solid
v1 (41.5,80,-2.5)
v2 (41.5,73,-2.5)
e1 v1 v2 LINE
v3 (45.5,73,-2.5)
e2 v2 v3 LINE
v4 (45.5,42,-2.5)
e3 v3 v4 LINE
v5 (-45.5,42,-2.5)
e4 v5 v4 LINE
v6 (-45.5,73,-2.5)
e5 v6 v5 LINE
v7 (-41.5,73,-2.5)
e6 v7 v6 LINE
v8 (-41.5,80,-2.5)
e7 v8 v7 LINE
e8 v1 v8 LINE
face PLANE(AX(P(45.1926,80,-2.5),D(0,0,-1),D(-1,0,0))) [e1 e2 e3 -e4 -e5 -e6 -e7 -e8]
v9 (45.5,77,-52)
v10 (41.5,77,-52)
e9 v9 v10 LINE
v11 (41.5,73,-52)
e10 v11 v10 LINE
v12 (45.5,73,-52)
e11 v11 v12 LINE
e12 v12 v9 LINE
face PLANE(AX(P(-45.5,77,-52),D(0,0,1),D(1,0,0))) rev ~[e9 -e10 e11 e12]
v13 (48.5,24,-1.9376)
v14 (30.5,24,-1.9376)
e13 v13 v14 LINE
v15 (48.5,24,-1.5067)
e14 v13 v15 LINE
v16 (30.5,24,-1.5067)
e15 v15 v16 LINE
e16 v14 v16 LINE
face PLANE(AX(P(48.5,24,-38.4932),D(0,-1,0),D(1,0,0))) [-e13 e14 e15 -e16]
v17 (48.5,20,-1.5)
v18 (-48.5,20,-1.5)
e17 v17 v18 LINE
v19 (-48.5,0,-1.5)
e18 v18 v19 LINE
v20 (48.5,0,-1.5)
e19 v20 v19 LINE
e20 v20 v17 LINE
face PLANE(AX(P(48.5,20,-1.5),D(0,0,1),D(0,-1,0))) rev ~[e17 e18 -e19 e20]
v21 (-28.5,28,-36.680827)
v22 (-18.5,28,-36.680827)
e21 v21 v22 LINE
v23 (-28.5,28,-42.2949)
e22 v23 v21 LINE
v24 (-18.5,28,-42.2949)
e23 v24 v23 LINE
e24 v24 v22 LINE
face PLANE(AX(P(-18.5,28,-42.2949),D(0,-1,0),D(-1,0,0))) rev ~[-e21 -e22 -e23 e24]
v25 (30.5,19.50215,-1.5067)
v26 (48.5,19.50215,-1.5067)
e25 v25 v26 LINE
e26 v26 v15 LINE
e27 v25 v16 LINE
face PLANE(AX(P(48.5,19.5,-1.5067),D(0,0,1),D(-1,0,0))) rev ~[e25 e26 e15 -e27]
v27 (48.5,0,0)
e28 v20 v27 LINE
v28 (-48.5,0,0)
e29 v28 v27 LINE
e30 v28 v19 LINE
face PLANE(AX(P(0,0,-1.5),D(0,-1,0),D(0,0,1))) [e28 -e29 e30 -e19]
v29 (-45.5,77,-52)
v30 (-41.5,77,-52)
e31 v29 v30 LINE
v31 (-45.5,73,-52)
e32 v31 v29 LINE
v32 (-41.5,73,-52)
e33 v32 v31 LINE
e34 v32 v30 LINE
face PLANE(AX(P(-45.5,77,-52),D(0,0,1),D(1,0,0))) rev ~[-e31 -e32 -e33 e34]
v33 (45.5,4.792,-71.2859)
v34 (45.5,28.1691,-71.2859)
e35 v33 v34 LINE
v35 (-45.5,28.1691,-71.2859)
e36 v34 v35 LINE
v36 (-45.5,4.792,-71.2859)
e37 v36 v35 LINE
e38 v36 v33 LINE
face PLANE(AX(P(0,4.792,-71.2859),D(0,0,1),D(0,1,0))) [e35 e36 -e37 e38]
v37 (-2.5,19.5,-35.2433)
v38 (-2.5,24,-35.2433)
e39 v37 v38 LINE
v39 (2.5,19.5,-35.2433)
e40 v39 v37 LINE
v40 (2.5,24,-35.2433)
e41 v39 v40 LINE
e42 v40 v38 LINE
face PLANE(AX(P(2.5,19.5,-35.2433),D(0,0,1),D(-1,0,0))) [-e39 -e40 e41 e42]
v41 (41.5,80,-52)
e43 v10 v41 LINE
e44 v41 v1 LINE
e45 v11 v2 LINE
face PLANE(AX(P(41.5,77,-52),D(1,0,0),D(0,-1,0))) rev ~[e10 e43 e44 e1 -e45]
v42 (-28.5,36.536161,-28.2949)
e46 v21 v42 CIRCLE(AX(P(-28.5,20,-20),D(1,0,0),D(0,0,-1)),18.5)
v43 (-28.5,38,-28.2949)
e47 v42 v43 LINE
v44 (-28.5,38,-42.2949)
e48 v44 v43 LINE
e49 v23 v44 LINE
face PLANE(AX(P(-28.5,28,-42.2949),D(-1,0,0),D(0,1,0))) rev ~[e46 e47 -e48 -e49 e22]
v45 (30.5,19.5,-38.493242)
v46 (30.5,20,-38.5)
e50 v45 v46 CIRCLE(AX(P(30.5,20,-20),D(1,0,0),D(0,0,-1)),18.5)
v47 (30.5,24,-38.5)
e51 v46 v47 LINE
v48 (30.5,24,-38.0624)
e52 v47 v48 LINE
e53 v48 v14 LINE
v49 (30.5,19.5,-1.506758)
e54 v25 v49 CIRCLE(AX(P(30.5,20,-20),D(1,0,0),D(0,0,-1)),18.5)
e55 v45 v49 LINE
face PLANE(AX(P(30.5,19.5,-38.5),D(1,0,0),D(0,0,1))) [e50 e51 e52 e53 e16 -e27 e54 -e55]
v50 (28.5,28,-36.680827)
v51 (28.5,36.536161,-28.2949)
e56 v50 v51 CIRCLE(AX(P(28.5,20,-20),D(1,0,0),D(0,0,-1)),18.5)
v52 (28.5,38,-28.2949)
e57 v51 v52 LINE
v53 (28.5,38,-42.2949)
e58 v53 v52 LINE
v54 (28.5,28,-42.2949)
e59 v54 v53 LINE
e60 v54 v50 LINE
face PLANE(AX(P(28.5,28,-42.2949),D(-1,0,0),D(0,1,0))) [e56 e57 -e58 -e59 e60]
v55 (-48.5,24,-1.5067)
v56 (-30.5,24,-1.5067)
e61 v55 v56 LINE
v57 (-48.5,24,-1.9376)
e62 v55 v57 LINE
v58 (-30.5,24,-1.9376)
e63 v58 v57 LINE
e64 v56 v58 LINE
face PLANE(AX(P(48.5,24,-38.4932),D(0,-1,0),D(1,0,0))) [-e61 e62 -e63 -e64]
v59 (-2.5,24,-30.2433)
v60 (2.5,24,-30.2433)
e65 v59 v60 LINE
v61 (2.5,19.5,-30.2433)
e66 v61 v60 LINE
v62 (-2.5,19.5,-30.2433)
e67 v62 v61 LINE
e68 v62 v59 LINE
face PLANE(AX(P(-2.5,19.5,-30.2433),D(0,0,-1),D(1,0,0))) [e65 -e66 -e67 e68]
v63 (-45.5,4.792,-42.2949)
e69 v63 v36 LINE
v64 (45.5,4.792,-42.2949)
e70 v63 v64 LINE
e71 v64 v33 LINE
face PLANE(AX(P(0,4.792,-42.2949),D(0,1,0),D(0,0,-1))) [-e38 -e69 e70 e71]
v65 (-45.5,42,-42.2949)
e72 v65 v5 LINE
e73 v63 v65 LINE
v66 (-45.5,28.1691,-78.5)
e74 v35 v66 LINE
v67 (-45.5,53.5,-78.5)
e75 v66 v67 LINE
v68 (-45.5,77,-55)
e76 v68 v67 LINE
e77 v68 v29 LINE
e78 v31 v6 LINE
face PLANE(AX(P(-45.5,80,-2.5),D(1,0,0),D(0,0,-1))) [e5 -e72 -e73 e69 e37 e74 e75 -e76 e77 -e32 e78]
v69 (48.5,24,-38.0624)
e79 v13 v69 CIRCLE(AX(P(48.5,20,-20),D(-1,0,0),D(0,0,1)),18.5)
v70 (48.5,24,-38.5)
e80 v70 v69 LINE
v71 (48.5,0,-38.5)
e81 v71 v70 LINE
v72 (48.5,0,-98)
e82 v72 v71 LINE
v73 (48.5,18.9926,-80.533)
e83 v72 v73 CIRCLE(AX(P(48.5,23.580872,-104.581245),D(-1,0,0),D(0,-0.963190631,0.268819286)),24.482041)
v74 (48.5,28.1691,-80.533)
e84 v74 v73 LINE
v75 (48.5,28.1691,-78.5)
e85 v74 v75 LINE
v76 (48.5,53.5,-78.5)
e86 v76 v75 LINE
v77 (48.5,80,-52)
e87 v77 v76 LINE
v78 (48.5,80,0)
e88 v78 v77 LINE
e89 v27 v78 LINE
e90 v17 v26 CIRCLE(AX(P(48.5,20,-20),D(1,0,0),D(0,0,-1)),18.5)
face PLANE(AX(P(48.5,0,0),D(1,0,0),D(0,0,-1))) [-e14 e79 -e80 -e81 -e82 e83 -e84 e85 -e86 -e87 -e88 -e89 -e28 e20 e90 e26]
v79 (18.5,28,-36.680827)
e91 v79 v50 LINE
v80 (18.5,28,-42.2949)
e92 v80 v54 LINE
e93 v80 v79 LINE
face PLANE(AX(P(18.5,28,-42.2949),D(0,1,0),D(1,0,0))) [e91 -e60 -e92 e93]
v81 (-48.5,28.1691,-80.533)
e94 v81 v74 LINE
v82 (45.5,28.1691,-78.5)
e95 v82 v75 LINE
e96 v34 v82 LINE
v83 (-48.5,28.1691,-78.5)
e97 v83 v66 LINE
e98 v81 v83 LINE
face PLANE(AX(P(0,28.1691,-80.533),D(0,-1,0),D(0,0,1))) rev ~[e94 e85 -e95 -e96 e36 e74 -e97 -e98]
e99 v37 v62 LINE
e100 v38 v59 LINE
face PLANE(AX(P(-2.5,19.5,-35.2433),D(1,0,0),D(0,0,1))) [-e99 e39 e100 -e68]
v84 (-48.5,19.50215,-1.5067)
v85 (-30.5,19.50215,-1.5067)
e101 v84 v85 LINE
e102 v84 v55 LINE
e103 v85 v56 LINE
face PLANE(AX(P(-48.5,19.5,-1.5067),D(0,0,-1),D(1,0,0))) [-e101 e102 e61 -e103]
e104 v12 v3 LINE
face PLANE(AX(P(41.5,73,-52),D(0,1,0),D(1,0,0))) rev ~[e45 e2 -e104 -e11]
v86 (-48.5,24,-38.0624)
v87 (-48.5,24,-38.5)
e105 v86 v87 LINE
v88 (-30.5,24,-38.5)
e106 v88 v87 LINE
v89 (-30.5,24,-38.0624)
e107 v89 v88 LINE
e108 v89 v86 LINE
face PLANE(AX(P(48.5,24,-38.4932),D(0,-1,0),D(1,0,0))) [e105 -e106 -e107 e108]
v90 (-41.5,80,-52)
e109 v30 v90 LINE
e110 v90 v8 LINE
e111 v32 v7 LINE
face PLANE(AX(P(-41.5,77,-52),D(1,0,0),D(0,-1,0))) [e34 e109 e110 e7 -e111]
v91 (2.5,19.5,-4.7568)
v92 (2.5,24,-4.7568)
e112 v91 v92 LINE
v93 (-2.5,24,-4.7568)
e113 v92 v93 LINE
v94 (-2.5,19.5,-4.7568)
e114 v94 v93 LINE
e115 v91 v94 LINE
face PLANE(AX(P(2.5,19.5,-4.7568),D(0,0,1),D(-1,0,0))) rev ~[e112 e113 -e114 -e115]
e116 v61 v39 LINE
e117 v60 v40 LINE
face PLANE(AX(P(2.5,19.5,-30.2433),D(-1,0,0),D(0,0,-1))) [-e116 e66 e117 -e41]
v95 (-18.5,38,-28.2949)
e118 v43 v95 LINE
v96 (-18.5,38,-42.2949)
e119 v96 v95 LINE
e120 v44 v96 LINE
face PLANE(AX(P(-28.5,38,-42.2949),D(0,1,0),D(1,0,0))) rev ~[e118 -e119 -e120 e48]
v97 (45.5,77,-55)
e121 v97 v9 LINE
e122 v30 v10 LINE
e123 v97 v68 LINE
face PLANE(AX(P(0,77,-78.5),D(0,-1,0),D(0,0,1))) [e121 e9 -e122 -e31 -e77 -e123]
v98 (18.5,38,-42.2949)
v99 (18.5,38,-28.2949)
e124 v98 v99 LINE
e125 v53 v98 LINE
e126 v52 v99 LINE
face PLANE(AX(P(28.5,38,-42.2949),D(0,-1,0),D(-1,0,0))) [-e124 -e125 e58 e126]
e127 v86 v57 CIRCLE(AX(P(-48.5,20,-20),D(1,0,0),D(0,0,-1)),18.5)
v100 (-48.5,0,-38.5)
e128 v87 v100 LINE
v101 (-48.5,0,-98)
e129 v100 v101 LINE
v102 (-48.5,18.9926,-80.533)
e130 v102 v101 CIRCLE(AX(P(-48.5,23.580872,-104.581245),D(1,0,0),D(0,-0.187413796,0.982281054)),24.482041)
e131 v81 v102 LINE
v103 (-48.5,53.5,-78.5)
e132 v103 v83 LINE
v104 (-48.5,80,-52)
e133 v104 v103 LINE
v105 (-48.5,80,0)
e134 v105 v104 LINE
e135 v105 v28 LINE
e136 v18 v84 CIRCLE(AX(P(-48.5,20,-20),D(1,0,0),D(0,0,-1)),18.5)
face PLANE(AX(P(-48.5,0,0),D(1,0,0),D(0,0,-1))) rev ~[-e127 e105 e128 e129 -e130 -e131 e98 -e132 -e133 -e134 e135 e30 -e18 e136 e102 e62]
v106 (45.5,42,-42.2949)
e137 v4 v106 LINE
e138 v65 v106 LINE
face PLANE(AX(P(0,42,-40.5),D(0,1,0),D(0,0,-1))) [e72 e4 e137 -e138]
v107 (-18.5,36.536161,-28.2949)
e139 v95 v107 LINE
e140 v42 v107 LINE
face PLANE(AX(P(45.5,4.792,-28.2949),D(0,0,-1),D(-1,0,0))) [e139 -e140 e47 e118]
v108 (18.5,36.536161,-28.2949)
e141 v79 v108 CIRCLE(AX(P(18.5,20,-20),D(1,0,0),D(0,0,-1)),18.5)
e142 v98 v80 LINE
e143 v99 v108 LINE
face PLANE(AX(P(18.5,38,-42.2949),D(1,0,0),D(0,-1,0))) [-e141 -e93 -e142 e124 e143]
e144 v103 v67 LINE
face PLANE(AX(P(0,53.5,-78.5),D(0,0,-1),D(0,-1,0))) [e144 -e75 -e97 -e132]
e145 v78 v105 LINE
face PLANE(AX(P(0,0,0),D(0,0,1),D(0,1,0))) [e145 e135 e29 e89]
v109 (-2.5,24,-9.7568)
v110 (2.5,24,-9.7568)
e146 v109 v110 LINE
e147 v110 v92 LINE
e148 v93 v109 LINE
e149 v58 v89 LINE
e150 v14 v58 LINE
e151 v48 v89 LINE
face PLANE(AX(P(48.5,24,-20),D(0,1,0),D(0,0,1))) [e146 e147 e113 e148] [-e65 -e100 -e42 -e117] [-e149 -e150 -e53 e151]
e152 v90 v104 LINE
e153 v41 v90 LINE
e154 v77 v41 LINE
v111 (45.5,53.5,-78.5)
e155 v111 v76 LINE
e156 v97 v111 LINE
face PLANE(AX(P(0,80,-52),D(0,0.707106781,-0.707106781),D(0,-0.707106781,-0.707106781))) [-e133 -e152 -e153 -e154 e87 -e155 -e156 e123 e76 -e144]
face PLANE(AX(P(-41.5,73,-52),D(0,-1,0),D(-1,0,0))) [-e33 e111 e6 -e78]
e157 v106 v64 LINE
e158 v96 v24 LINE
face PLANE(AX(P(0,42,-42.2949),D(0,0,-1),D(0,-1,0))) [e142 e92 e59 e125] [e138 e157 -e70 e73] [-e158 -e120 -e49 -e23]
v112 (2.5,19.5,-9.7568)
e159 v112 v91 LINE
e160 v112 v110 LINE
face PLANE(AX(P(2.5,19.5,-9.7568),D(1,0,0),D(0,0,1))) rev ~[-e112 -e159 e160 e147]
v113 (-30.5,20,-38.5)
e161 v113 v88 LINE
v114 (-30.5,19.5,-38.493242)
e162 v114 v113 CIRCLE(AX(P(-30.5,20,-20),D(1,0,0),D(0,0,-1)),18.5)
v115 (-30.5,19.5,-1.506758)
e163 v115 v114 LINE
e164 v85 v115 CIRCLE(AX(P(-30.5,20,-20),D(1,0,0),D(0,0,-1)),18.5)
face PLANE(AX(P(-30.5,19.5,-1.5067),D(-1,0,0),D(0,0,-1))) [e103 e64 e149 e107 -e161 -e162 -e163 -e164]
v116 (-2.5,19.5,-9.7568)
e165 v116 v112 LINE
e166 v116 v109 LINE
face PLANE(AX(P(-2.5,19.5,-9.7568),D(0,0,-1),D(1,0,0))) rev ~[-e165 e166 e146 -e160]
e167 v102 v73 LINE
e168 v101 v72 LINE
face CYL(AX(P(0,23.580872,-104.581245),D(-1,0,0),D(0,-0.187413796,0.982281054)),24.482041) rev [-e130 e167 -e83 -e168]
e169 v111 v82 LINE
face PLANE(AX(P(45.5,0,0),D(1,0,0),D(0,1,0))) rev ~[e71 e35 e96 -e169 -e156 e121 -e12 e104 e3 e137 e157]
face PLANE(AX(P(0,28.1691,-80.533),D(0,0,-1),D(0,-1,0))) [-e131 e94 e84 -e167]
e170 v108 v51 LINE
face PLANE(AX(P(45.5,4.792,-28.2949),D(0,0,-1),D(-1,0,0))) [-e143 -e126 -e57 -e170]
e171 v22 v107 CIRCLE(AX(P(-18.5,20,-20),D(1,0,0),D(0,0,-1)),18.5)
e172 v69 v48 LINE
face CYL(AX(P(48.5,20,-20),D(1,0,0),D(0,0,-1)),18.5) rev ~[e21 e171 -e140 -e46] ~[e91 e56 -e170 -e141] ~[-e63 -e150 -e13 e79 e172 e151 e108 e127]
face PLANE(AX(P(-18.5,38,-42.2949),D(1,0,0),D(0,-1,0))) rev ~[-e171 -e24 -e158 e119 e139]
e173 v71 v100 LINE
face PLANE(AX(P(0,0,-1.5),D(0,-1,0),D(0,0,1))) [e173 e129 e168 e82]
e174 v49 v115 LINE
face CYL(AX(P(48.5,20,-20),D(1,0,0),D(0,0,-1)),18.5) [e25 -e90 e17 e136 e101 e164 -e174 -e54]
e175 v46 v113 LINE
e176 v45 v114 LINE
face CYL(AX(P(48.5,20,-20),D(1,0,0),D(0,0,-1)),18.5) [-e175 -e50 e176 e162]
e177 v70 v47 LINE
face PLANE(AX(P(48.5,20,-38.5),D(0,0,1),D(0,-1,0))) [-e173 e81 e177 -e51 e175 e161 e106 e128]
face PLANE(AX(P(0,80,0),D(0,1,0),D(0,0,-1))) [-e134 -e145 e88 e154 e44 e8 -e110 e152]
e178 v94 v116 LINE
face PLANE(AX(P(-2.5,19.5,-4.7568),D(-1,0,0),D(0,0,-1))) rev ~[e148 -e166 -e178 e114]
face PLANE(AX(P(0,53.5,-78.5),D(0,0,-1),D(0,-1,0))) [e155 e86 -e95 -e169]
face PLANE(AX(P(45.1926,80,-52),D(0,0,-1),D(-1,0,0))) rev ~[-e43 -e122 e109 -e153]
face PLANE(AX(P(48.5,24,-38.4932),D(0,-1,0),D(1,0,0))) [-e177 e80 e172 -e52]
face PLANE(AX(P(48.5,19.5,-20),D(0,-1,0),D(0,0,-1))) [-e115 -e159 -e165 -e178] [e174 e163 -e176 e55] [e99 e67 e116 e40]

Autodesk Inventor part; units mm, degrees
ref_plane "YZ Plane" through (0, 0, 0) normal (1, 0, 0) x (0, 1, 0)
ref_plane "XZ Plane" through (0, 0, 0) normal (0, 1, 0) x (-1, 0, 0)
ref_plane "XY Plane" through (0, 0, 0) normal (0, 0, 1) x (1, 0, 0)
sketch "Esboço1" plane through (0, 0, 0) normal (1, 0, 0) x (0, 1, 0)
  line L0 (0, 0) -> (80, 0)
  line L1 (80, 0) -> (80, -52)
  line L2 (80, -97) -> (0, -97)
  line L3 (0, -97) -> (0, 0)
  line L4 (80, 0) -> (0, 0)
  line L5 (0, 0) -> (0, -60)
  line L6 (80, -60) -> (80, 0)
  line L7 (0, 0) -> (0, -19.5)
  line L8 (19.5, 0) -> (0, 0)
  line L9 (0, -98) -> (0, -97)
  line L10 (0, -97) -> (40, -97)
  line L11 (0, 0) -> (0, -20)
  line L12 (80, 0) -> (80, -52)
  line L13 (80, -52) -> (0, -52)
  line L14 (0, -52) -> (0, -97)
  line L15 (0, -97) -> (80, -97)
  line L16 (80, -97) -> (80, -52)
  line L17 (0, -74.5) -> (0, -97)
  line L18 (0, -97) -> (80, -97)
  line L19 (80, -97) -> (80, -74.5)
  line L20 (80, -52) -> (80, -78.5)
  line L21 (53.5, -78.5) -> (28.1691, -78.5)
  line L22 (80, -52) -> (53.5, -78.5)
  arc A0 (0.0257, -97) -> (0, -98) centre (19.5, -98) ccw
  line L23 (80, -52) -> (80, -54)
  line L24 (80, -54) -> (53.5, -80.533)
  line L25 (53.5, -80.533) -> (28.1691, -80.533)
  line L26 (28.1691, -80.533) -> (28.1691, -78.5)
  arc A1 (18.9926, -80.533) -> (0, -98) centre (23.5809, -104.5813) ccw
  line L27 (28.1691, -80.533) -> (18.9926, -80.533)
  circle A2 centre (20, -20) radius 18.5
  line L28 (20, -38.5) -> (0, -38.5)
  line L29 (20, -1.5) -> (0, -1.5)
  point P0 (0, -78.5)
  point P1 (80, -78.5)
  point P2 (0.3022, -97)
  dimension "d0" = 80
  dimension "d1" = 97
  dimension "d6" = 20
  dimension "d13" = 52
  dimension "d14" = 26.5
  dimension "d15" = 26.5
  dimension "d16" = 26.5
  dimension "d17" = 19.5
  dimension "d19" = 2
  dimension "d20" = 37.5
  dimension "d75" = 37
sketch "Esboço2" plane through (0, 0, 0) normal (1, 0, 0) x (0, 1, 0)
  point P0 (0, 0)
extrude "Extrusão1" add sketch "Esboço1" along normal mid plane 97 contours L0 L1 L13 L3 L28 A2 L29 | L29 A2 L28 L3 | A2 | L22 L21 L26 L27 A1 L2 L3 L13 | L2 A0 L9 | A1 A0 L2
sketch "Esboço3" plane through (0, 0, 0) normal (1, 0, 0) x (0, 1, 0)
  line L0 (0, 0) -> (80, 0) projected
  line L1 (80, 0) -> (80, -2.5)
  line L2 (80, 0) -> (80, -52) projected
  line L3 (80, -2.5) -> (80, -5)
  line L4 (80, -2.5) -> (77, -2.5)
  line L5 (53.5, -78.5) -> (28.1691, -78.5) projected
  line L6 (77, -2.5) -> (42, -2.5)
  line L7 (42, -2.5) -> (42, -78.5)
  line L8 (42, -78.5) -> (77, -78.5)
  line L9 (77, -78.5) -> (77, -2.5)
  line L10 (28.1691, -78.5) -> (31.1691, -78.5)
  line L11 (28.1691, -78.5) -> (42, -78.5)
  line L12 (42, -78.5) -> (42, -40.5)
  line L13 (28.1691, -78.5) -> (42, -78.5)
  line L14 (42, -78.5) -> (42, -42.2949)
  line L15 (42, -42.2949) -> (28.1691, -42.2949)
  line L16 (28.1691, -42.2949) -> (28.1691, -78.5)
  line L17 (28.1691, -42.2949) -> (4.792, -42.2949)
  line L18 (4.792, -42.2949) -> (4.792, -71.2859)
  line L19 (4.792, -71.2859) -> (28.1691, -71.2859)
  point P0 (20, 0)
  dimension "d27" = 2.5
  dimension "d28" = 2.5
  dimension "d29" = 3
  dimension "d30" = 35
extrude "Extrusão2" cut sketch "Esboço3" along normal mid plane 91
sketch "Esboço4" plane through (-48.5, 80, 0) normal (0, 1, 0) x (1, 0, 0)
  line L0 (0, 0) -> (0, 52) projected
  line L1 (0, 0) -> (97, 0) projected
  line L2 (3, 2.5) -> (3, 55) projected
  line L3 (94, 2.5) -> (3, 2.5) projected
  line L4 (3, 2.5) -> (93.6926, 2.5)
  line L5 (93.6926, 2.5) -> (93.6926, 52)
  line L6 (93.6926, 52) -> (3, 52)
  line L7 (3, 52) -> (3, 2.5)
  point P0 (48.5, 0)
extrude "Extrusão3" cut sketch "Esboço4" against normal blind 8.5
sketch "Esboço5" plane through (-45.5, 77, -52) normal (0, 0, 1) x (1, 0, 0)
  line L0 (91, 0) -> (0, 0) projected
  line L1 (0, 0) -> (4, 0)
  line L2 (4, 0) -> (4, -4)
  line L3 (4, -4) -> (0, -4)
  line L4 (0, -4) -> (0, 0)
  line L5 (91, -23.5) -> (91, 0) projected
  line L6 (91, 0) -> (87, 0)
  line L7 (87, 0) -> (87, -4)
  line L8 (87, -4) -> (91, -4)
  line L9 (91, -4) -> (91, 0)
  line L10 (0, 3) -> (0, 0) projected
  line L11 (0, 3) -> (4, 3)
  line L12 (4, 3) -> (4, 0)
  line L13 (4, 0) -> (0, 0)
  line L14 (0, 0) -> (0, 3)
  line L15 (87, 3) -> (91, 3)
  line L16 (91, 3) -> (91, 0)
  line L17 (91, 0) -> (87, 0)
  line L18 (87, 0) -> (87, 3)
  point P0 (45.5, -77)
  point P1 (91, -4)
  dimension "d38" = 4
  dimension "d39" = 4
  dimension "d40" = 4
extrude "Extrusão4" add sketch "Esboço5" along normal blind 49.5
sketch "Esboço6" plane through (45.5, 4.792, -42.2949) normal (0, 0, -1) x (-1, 0, 0)
  line L0 (0, 37.208) -> (0, 33.208)
  line L1 (17, 33.208) -> (27, 33.208)
  line L2 (27, 33.208) -> (27, 23.208)
  line L3 (27, 23.208) -> (17, 23.208)
  line L4 (17, 23.208) -> (17, 33.208)
  line L5 (0, 37.208) -> (91, 37.208) projected
  line L6 (91, 37.208) -> (87, 37.208)
  line L7 (-3, 35.208) -> (94, 35.208) projected
  line L8 (91, 37.208) -> (91, 33.208)
  line L9 (74, 33.208) -> (64, 33.208)
  line L10 (64, 33.208) -> (64, 23.208)
  line L11 (64, 23.208) -> (74, 23.208)
  line L12 (74, 23.208) -> (74, 33.208)
  line L13 (91, 33.208) -> (74, 33.208)
  point P0 (45.5, -4.792)
  dimension "d43" = 4
  dimension "d44" = 17
  dimension "d45" = 10
  dimension "d46" = 10
  dimension "d52" = 10
  dimension "d53" = 10
  dimension "d54" = 17
extrude "Extrusão5" cut sketch "Esboço6" against normal blind 14 contours L12 L11 L10 L9 | L1 L2 L3 L4
sketch "Esboço9" plane through (48.5, 0, 0) normal (1, 0, 0) x (0, 0, -1)
  circle A0 centre (20, 20) radius 18.5
  line L0 (1.5, 20) -> (1.5, 0)
  line L1 (98, 0) -> (0, 0) projected
  line L2 (38.5, 20) -> (38.5, 0)
  line L3 (20, 24) -> (1.9376, 24)
  line L4 (20, 24) -> (38.0624, 24)
  line L5 (20, 19.5) -> (38.5, 19.5)
  line L6 (20, 19.5) -> (1.5, 19.5)
  point P0 (38.5, 0)
  point P1 (1.5068, 19.5)
  point P2 (38.4932, 19.5)
  dimension "d76" = 37
  dimension "d81" = 4.5
extrude "Extrusão7" cut sketch "Esboço9" against normal blind 97
extrude "Extrusão8" add sketch "Esboço9" against normal blind 97 contours A0 L5 L6 L3 L4
sketch "Esboço10" plane through (48.5, 19.5, -38.4932) normal (0, -1, 0) x (1, 0, 0)
  line L0 (-97, 0) -> (-97, 36.9865) projected
  line L1 (0, -13.5068) -> (0, 38.4932) projected
  line L2 (0, 0.4309) -> (0, 36.5556) projected
  line L3 (0, -0.0068) -> (-97, -0.0068) projected
  line L4 (-97, 36.9865) -> (-79, 36.9865)
  line L5 (-79, 36.9865) -> (-79, -0.0068)
  line L6 (-79, -0.0068) -> (-97, -0.0068)
  line L7 (-97, -0.0068) -> (-97, 36.9865)
  line L8 (0, 36.9865) -> (-97, 36.9865) projected
  line L9 (-18, 36.9865) -> (0, 36.9865)
  line L10 (0, 36.9865) -> (0, -0.0068)
  line L11 (0, -0.0068) -> (-18, -0.0068)
  line L12 (-18, -0.0068) -> (-18, 36.9865)
  point P0 (-48.5, 38.4932)
extrude "Extrusão9" cut sketch "Esboço10" against normal blind 4.5 contours L0 L4 L5 L3 L7 | L8 L1 L3 L12
sketch "Esboço11" plane through (-30.5, 19.5, -1.5068) normal (0, -1, 0) x (1, 0, 0)
  line L0 (0, 0) -> (0, -36.9865) projected
  line L1 (0, -36.9865) -> (0, -28.7365)
  line L2 (-18, 0) -> (0, 0) projected
  line L3 (0, 0) -> (0, -8.25)
  line L4 (0, -28.7365) -> (0, -8.25)
  line L5 (61, 0) -> (61, -8.25)
  line L6 (61, -36.9865) -> (61, 0) projected
  line L7 (61, -36.9865) -> (61, -28.7365)
  line L8 (61, -28.7365) -> (61, -8.25)
  line L9 (61, -18.4932) -> (33, -18.4932)
  line L10 (33, -18.4932) -> (37, -18.4932)
  line L11 (61, -18.4932) -> (57, -18.4932)
  line L12 (37, -8.25) -> (47, -8.25)
  line L13 (47, -8.25) -> (47, -28.7365)
  line L14 (47, -28.7365) -> (37, -28.7365)
  line L15 (37, -28.7365) -> (37, -8.25)
  line L16 (38, -18.4932) -> (34, -18.4932)
  line L17 (24, -8.25) -> (14, -8.25)
  line L18 (14, -8.25) -> (14, -28.7365)
  line L19 (14, -28.7365) -> (24, -28.7365)
  line L20 (24, -28.7365) -> (24, -8.25)
  line L21 (24, -18.4932) -> (28, -18.4932)
  line L22 (24, -18.4932) -> (0, -18.4932)
  line L23 (28, -8.25) -> (33, -8.25)
  line L24 (33, -8.25) -> (33, -3.25)
  line L25 (33, -3.25) -> (28, -3.25)
  line L26 (28, -3.25) -> (28, -8.25)
  line L27 (28, -28.7365) -> (33, -28.7365)
  line L28 (33, -28.7365) -> (33, -33.7365)
  line L29 (33, -33.7365) -> (28, -33.7365)
  line L30 (28, -33.7365) -> (28, -28.7365)
  point P0 (30.5, 1.5068)
  dimension "d91" = 8.25
  dimension "d92" = 8.25
  dimension "d96" = 28
  dimension "d100" = 4
  dimension "d101" = 4
  dimension "d102" = 4
  dimension "d105" = 5
  dimension "d106" = 5
  dimension "d107" = 5
  dimension "d108" = 5
extrude "Extrusão10" cut sketch "Esboço11" against normal blind 4.5 contours L26 L25 L24 L23 | L27 L28 L29 L30
equation "\"d16\" = d15"
properties part number "Mini Sumô Definitivo - CHASSI"
